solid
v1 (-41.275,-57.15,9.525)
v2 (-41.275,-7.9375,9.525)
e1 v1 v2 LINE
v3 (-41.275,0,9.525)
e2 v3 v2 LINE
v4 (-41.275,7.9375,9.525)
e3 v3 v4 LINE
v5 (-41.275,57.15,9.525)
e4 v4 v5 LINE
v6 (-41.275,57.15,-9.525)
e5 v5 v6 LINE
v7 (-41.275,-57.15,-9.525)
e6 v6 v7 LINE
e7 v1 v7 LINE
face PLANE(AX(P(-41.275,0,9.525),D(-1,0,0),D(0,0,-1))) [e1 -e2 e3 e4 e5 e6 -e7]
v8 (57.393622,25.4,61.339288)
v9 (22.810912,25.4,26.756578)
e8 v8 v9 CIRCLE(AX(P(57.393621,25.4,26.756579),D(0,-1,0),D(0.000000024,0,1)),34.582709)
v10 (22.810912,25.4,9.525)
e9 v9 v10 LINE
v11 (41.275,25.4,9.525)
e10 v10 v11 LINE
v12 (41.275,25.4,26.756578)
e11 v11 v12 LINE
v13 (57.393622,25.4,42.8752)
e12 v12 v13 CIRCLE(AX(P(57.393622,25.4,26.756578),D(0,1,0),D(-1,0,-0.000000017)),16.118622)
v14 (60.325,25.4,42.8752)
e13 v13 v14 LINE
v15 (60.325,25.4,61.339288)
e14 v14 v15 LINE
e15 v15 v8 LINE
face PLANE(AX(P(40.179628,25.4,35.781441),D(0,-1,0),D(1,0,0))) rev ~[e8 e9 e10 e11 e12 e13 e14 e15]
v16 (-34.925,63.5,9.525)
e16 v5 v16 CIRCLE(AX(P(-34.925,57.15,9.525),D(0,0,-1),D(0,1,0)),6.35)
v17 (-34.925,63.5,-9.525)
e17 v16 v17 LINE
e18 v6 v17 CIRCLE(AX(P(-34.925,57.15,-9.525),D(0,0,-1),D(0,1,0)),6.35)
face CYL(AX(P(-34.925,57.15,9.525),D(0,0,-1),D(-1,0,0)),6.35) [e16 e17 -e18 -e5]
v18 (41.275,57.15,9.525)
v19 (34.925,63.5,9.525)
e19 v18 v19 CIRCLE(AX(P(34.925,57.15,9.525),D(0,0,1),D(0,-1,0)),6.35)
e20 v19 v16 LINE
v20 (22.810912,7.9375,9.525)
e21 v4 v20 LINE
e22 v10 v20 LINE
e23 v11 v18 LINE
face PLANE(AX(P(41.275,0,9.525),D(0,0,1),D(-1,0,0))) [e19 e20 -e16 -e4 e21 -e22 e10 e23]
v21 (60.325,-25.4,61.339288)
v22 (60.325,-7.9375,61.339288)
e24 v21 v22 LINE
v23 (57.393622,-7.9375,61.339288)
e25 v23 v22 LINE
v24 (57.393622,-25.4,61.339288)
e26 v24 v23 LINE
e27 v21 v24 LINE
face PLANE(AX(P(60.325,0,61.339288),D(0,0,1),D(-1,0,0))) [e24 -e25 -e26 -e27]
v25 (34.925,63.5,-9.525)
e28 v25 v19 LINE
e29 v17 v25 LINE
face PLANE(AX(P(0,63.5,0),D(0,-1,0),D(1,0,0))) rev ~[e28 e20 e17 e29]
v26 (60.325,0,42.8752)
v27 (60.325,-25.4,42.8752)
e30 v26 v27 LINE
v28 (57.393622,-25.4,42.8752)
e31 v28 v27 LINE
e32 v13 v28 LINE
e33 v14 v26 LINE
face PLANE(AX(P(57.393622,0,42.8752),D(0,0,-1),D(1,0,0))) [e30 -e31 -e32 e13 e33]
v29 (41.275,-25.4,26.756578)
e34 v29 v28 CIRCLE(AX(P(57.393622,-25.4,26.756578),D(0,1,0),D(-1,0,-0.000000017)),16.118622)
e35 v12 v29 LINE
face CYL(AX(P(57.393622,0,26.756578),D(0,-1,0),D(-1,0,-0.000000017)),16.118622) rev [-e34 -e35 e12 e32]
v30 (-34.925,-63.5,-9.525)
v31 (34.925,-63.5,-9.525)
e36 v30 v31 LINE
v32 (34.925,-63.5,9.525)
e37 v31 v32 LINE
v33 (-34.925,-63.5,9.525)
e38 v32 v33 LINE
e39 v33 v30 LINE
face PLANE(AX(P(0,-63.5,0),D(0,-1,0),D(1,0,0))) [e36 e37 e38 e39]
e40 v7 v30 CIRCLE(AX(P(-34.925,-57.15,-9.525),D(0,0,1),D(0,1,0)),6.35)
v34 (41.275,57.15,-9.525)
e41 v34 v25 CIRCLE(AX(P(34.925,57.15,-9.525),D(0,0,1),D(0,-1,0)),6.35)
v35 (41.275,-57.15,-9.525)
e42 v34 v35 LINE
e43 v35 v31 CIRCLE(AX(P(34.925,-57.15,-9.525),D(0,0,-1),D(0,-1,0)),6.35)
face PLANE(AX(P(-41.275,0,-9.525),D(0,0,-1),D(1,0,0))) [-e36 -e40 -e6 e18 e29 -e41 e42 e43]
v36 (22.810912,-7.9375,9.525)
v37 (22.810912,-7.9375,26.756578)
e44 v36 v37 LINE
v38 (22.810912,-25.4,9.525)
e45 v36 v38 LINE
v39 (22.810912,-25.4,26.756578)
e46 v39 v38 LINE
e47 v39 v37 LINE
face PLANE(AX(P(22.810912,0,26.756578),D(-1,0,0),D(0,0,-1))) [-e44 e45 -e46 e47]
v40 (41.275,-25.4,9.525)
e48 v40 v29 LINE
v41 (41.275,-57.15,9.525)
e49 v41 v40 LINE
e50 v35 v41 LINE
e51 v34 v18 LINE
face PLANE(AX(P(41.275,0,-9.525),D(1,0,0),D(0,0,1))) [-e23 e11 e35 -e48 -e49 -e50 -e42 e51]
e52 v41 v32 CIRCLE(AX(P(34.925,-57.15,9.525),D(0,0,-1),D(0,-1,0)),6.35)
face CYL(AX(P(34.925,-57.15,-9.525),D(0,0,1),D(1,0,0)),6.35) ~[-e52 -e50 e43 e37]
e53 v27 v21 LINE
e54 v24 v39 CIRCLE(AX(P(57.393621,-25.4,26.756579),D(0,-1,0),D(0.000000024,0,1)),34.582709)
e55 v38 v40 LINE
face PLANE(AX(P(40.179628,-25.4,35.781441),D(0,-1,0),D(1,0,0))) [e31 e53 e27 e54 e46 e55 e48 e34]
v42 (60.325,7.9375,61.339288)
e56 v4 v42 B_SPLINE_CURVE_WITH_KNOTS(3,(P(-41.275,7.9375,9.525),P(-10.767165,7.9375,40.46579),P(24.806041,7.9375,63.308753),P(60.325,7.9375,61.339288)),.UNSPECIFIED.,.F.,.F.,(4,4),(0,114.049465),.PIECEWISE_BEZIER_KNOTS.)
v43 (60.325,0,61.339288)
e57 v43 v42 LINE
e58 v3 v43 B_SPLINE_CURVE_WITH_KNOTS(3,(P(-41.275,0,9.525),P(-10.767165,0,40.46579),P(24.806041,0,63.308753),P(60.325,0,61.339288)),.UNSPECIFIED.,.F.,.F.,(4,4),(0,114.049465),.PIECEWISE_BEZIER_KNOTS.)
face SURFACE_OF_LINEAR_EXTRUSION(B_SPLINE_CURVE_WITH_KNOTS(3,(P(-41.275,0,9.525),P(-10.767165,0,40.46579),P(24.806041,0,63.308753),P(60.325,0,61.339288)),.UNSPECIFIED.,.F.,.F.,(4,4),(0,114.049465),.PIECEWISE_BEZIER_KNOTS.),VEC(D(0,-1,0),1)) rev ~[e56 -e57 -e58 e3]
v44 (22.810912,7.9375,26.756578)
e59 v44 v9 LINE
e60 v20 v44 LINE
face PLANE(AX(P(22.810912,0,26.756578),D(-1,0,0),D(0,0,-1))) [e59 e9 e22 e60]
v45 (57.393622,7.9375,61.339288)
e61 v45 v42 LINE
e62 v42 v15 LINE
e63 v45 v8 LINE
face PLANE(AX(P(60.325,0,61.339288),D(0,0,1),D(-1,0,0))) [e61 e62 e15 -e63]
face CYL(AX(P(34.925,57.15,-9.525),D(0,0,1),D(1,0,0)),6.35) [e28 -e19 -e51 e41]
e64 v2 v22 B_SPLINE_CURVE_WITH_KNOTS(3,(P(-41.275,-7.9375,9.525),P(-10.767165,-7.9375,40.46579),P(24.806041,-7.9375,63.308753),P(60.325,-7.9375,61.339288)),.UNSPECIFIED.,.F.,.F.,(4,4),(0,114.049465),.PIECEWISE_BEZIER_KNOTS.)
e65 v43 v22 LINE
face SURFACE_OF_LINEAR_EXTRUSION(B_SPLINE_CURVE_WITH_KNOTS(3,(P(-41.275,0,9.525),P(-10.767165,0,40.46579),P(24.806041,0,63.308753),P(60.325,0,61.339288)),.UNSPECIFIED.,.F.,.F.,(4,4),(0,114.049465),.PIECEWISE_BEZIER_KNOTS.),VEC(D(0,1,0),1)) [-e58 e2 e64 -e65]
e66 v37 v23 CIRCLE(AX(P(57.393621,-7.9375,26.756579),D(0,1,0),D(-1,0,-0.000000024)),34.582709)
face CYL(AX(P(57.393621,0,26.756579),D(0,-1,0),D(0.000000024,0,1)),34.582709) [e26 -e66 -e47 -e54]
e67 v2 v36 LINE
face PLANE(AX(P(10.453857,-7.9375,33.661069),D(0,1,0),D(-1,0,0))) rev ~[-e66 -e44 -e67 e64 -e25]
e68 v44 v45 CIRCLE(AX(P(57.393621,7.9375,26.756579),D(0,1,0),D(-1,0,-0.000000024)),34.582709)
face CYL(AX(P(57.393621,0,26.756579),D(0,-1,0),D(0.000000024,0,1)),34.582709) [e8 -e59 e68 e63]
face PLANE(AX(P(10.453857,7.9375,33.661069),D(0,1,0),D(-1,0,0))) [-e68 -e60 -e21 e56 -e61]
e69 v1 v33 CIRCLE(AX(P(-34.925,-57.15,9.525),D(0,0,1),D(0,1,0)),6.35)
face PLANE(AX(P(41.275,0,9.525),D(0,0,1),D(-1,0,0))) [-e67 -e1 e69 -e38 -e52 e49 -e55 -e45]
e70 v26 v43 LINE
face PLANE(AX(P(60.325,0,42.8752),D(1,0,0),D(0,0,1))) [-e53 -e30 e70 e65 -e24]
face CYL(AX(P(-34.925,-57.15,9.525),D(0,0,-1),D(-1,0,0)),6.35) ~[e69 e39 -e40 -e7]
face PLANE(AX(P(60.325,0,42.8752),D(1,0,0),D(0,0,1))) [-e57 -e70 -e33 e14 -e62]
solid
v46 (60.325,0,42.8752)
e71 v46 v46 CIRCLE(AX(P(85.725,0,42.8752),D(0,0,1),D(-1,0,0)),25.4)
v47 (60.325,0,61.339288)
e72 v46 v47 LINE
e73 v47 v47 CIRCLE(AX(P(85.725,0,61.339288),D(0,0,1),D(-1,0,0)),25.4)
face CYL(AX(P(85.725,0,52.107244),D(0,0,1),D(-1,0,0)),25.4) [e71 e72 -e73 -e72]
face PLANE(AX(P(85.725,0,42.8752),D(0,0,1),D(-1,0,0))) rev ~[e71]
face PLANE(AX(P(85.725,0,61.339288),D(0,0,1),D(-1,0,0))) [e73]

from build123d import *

# Parameters (mm, degrees)
F1_DEPTH = 63.5
F2_DEPTH = 25.4
F3_DEPTH = 7.9375
F0_W     = 25.4
F0_H     = 18.464088
F5_R     = 6.35


with BuildPart() as f1:
    # F0 (on Front) → F1 (new body, symmetric)
    with BuildSketch(Plane.XZ):
        Polygon((22.810912, 9.525), (-41.275, 9.525), (-41.275, -9.525), (41.275, -9.525), (41.275, 9.525), align=None)
    extrude(amount=F1_DEPTH, both=True)

    # F0 (on Front) → F2 (join, symmetric)
    with BuildSketch(Plane.XZ):
        with BuildLine():
            Line((22.810912, 26.756578), (22.810912, 9.525))
            Line((22.810912, 9.525), (41.275, 9.525))
            Line((41.275, 9.525), (41.275, 26.756578))
            ThreePointArc((41.275, 26.756578), (45.996035, 38.154165), (57.393622, 42.8752))
            Line((57.393622, 42.8752), (60.325, 42.8752))
            Line((60.325, 42.8752), (60.325, 61.339288))
            Line((60.325, 61.339288), (57.393622, 61.339288))
            ThreePointArc((57.393622, 61.339288), (32.939953, 51.210247), (22.810912, 26.756578))
        make_face()
    extrude(amount=F2_DEPTH, both=True)

    # F0 (on Front) → F3 (join, symmetric)
    with BuildSketch(Plane.XZ):
        with BuildLine():
            add(Edge.make_bspline(
                [(-41.275, 9.525), (-10.767165, 40.46579), (24.806041, 63.308753), (60.325, 61.339288)],
                knots=[0, 0, 0, 0, 114.049465, 114.049465, 114.049465, 114.049465], degree=3))
            Line((-41.275, 9.525), (22.810912, 9.525))
            Line((22.810912, 9.525), (22.810912, 26.756578))
            ThreePointArc((22.810912, 26.756578), (32.939953, 51.210247), (57.393622, 61.339288))
            Line((57.393622, 61.339288), (60.325, 61.339288))
        make_face()
    extrude(amount=F3_DEPTH, both=True)

    # F0 (on Front) → F4 (revolve)
    with BuildSketch(Plane.XZ):
        with Locations((73.025, 52.107244)):
            Rectangle(F0_W, F0_H)
    revolve(axis=Axis((85.725, 0, 52.107244), (0, 0, 1)))

    # F5
    f5_edges = [f1.edges().sort_by_distance(p)[0] for p in [
        (41.275, -63.5, 0),
        (-41.275, -63.5, 0),
        (-41.275, 63.5, 0),
        (41.275, 63.5, 0),
    ]]
    fillet(f5_edges, radius=F5_R)


solid = f1.part
